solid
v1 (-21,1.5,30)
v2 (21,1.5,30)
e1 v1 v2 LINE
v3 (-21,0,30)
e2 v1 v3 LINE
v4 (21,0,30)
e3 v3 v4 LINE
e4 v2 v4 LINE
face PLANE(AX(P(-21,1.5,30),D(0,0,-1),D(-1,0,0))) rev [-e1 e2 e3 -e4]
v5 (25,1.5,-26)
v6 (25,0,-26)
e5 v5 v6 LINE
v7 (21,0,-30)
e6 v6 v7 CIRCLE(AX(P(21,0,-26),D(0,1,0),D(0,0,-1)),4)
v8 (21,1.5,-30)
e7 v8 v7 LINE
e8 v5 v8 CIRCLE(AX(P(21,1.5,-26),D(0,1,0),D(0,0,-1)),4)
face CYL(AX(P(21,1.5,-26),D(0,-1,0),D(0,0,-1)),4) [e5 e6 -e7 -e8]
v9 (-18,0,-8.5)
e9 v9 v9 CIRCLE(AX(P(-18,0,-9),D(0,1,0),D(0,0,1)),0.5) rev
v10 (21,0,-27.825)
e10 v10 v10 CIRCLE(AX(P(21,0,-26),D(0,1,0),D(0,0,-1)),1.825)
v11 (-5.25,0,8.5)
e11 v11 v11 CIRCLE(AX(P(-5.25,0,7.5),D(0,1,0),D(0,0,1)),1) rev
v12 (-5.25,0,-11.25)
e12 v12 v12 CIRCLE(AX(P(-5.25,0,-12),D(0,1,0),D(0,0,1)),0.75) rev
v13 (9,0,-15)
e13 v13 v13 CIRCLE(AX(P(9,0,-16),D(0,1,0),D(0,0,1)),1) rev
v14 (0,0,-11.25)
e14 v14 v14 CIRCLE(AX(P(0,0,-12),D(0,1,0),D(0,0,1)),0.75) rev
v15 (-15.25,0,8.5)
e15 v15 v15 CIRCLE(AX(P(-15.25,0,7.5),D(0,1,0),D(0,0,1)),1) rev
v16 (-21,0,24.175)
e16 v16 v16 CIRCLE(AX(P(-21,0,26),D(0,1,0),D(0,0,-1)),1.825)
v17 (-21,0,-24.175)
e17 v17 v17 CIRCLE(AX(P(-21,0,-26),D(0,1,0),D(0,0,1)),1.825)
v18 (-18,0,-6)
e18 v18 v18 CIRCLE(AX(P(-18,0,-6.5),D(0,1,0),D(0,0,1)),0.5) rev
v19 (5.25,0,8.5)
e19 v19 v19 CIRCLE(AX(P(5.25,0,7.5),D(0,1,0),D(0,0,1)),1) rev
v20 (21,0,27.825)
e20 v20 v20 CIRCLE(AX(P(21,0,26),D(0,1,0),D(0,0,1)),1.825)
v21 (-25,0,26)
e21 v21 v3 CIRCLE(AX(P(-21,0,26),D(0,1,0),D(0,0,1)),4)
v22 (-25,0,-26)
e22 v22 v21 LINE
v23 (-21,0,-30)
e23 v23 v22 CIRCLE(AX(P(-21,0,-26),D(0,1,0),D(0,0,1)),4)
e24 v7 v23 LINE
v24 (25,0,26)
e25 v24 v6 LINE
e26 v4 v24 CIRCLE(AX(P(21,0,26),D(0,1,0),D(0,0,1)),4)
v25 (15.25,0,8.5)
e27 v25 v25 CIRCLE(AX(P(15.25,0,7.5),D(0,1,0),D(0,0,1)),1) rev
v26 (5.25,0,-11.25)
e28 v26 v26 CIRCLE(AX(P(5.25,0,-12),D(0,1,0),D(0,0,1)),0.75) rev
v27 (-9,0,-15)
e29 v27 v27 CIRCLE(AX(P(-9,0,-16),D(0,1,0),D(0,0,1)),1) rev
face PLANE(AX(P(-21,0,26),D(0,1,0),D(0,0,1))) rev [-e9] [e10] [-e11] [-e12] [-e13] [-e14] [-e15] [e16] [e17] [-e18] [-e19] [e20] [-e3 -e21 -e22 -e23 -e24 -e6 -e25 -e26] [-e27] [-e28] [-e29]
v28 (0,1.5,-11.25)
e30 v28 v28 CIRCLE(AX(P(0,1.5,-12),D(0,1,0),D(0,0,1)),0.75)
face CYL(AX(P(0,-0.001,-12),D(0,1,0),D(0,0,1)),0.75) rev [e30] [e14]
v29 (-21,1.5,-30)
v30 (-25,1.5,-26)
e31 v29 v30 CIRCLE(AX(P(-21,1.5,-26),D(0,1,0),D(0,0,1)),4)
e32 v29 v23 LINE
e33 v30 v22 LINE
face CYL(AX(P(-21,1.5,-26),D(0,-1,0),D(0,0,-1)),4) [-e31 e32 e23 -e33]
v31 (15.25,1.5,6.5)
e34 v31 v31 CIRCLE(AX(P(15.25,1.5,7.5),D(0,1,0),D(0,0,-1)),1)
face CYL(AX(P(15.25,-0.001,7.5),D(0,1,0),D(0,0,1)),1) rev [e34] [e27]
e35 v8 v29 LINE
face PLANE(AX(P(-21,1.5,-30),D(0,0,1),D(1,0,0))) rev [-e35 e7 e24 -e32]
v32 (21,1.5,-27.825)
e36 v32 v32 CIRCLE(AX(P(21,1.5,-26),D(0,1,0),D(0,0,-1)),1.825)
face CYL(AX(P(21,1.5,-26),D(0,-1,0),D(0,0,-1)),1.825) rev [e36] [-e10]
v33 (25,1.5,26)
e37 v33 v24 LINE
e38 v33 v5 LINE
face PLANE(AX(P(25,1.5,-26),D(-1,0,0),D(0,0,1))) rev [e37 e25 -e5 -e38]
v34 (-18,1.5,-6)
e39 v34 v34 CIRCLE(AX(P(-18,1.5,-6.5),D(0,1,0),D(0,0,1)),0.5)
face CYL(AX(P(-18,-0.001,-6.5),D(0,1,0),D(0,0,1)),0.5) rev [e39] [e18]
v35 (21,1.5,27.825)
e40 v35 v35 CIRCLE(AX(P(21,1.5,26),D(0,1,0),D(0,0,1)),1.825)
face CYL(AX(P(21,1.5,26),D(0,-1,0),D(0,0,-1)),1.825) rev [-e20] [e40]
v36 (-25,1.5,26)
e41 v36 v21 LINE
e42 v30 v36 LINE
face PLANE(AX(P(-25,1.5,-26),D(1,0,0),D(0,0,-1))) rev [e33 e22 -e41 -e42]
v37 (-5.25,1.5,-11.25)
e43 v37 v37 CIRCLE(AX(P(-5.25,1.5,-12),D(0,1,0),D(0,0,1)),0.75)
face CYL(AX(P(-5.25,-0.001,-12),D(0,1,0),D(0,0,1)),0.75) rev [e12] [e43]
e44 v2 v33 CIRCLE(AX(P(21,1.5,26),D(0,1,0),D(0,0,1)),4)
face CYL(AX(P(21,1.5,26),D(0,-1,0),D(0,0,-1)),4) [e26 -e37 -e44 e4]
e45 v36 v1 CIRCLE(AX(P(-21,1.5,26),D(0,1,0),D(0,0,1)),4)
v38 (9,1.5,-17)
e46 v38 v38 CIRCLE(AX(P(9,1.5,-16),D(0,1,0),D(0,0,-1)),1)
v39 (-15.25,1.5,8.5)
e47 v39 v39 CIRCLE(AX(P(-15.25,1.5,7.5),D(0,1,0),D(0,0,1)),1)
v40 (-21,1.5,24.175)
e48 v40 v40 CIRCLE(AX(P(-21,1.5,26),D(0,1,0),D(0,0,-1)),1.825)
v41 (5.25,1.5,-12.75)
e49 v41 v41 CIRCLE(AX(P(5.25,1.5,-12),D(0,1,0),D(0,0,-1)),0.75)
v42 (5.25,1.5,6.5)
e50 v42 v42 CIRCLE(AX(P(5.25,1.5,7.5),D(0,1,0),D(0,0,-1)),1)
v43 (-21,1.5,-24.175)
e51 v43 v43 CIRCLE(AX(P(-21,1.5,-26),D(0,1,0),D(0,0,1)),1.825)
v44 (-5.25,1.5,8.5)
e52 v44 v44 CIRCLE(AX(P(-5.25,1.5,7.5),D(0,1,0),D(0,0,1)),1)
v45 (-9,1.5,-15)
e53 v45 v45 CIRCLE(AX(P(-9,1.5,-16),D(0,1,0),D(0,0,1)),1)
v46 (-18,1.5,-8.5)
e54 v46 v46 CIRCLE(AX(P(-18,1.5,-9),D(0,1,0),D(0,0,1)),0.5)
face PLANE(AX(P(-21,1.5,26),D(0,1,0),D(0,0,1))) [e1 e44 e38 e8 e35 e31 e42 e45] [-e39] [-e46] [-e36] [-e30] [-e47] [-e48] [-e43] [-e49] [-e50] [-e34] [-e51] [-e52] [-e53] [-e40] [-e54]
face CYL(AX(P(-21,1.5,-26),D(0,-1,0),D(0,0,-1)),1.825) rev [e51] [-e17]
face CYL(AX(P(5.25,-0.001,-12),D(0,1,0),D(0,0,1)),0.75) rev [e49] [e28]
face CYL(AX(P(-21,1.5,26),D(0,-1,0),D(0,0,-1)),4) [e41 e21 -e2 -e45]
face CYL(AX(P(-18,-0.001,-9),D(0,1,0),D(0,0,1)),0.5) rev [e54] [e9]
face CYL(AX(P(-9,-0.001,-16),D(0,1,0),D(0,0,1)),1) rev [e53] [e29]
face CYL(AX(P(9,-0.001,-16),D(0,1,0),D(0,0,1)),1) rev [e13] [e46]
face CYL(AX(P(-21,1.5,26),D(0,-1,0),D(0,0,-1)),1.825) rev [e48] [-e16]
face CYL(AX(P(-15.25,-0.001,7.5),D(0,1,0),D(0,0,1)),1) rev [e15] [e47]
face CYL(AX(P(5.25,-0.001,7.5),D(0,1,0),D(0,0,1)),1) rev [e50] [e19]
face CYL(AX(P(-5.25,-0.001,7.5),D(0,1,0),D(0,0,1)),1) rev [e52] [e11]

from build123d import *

# Parameters (mm, degrees)
SKETCH1_R           = 1.825
BOSS_EXTRUDE1_DEPTH = 1.5
CUT_EXTRUDE1_REACH  = 41.08
SKETCH2_R           = 1
SKETCH2_R_2         = 0.75
SKETCH2_R_3         = 0.5


with BuildPart() as part:
    # Sketch1 → Boss-Extrude1 (new body)
    with BuildSketch(Plane(origin=(0, 0, 0), x_dir=(1, 0, 0), z_dir=(0, 1, 0))):
        with BuildLine():
            Line((-21, 30), (21, 30))
            ThreePointArc((21, 30), (23.828427125, 28.828427125), (25, 26))
            Line((25, 26), (25, -26))
            ThreePointArc((25, -26), (23.828427125, -28.828427125), (21, -30))
            Line((21, -30), (-21, -30))
            ThreePointArc((-21, -30), (-23.828427125, -28.828427125), (-25, -26))
            Line((-25, -26), (-25, 26))
            ThreePointArc((-25, 26), (-23.828427125, 28.828427125), (-21, 30))
        make_face()
        with Locations(Location((-21, 26, 0), (0, 0, 270))):
            Circle(SKETCH1_R, mode=Mode.SUBTRACT)
        with Locations(Location((21, 26, 0), (0, 0, 90))):
            Circle(SKETCH1_R, mode=Mode.SUBTRACT)
        with Locations(Location((21, -26, 0), (0, 0, 270))):
            Circle(SKETCH1_R, mode=Mode.SUBTRACT)
        with Locations(Location((-21, -26, 0), (0, 0, 90))):
            Circle(SKETCH1_R, mode=Mode.SUBTRACT)
    extrude(amount=BOSS_EXTRUDE1_DEPTH)

    # Sketch2 → Cut-Extrude1 (cut, up to next)
    with BuildSketch(Plane(origin=(0, 1.5, 0), x_dir=(1, 0, 0), z_dir=(0, 1, 0)), mode=Mode.PRIVATE) as cut_extrude1_sk1:
        with Locations(Location((-9, 16, 0), (0, 0, 270))):
            Circle(SKETCH2_R)
    cut_extrude1_tool1 = extrude(cut_extrude1_sk1.sketch, amount=-CUT_EXTRUDE1_REACH, mode=Mode.PRIVATE) & part.part
    # Sketch2 → Cut-Extrude1 (cut, up to next)
    with BuildSketch(Plane(origin=(0, 1.5, 0), x_dir=(1, 0, 0), z_dir=(0, 1, 0)), mode=Mode.PRIVATE) as cut_extrude1_sk2:
        with Locations(Location((9, 16, 0), (0, 0, 270))):
            Circle(SKETCH2_R)
    cut_extrude1_tool2 = extrude(cut_extrude1_sk2.sketch, amount=-CUT_EXTRUDE1_REACH, mode=Mode.PRIVATE) & part.part
    # Sketch2 → Cut-Extrude1 (cut, up to next)
    with BuildSketch(Plane(origin=(0, 1.5, 0), x_dir=(1, 0, 0), z_dir=(0, 1, 0)), mode=Mode.PRIVATE) as cut_extrude1_sk3:
        with Locations(Location((-5.25, 12, 0), (0, 0, 270))):
            Circle(SKETCH2_R_2)
    cut_extrude1_tool3 = extrude(cut_extrude1_sk3.sketch, amount=-CUT_EXTRUDE1_REACH, mode=Mode.PRIVATE) & part.part
    # Sketch2 → Cut-Extrude1 (cut, up to next)
    with BuildSketch(Plane(origin=(0, 1.5, 0), x_dir=(1, 0, 0), z_dir=(0, 1, 0)), mode=Mode.PRIVATE) as cut_extrude1_sk4:
        with Locations(Location((0, 12, 0), (0, 0, 270))):
            Circle(SKETCH2_R_2)
    cut_extrude1_tool4 = extrude(cut_extrude1_sk4.sketch, amount=-CUT_EXTRUDE1_REACH, mode=Mode.PRIVATE) & part.part
    # Sketch2 → Cut-Extrude1 (cut, up to next)
    with BuildSketch(Plane(origin=(0, 1.5, 0), x_dir=(1, 0, 0), z_dir=(0, 1, 0)), mode=Mode.PRIVATE) as cut_extrude1_sk5:
        with Locations(Location((5.25, 12, 0), (0, 0, 270))):
            Circle(SKETCH2_R_2)
    cut_extrude1_tool5 = extrude(cut_extrude1_sk5.sketch, amount=-CUT_EXTRUDE1_REACH, mode=Mode.PRIVATE) & part.part
    # Sketch2 → Cut-Extrude1 (cut, up to next)
    with BuildSketch(Plane(origin=(0, 1.5, 0), x_dir=(1, 0, 0), z_dir=(0, 1, 0)), mode=Mode.PRIVATE) as cut_extrude1_sk6:
        with Locations(Location((-15.25, -7.5, 0), (0, 0, 270))):
            Circle(SKETCH2_R)
    cut_extrude1_tool6 = extrude(cut_extrude1_sk6.sketch, amount=-CUT_EXTRUDE1_REACH, mode=Mode.PRIVATE) & part.part
    # Sketch2 → Cut-Extrude1 (cut, up to next)
    with BuildSketch(Plane(origin=(0, 1.5, 0), x_dir=(1, 0, 0), z_dir=(0, 1, 0)), mode=Mode.PRIVATE) as cut_extrude1_sk7:
        with Locations(Location((-5.25, -7.5, 0), (0, 0, 270))):
            Circle(SKETCH2_R)
    cut_extrude1_tool7 = extrude(cut_extrude1_sk7.sketch, amount=-CUT_EXTRUDE1_REACH, mode=Mode.PRIVATE) & part.part
    # Sketch2 → Cut-Extrude1 (cut, up to next)
    with BuildSketch(Plane(origin=(0, 1.5, 0), x_dir=(1, 0, 0), z_dir=(0, 1, 0)), mode=Mode.PRIVATE) as cut_extrude1_sk8:
        with Locations(Location((5.25, -7.5, 0), (0, 0, 270))):
            Circle(SKETCH2_R)
    cut_extrude1_tool8 = extrude(cut_extrude1_sk8.sketch, amount=-CUT_EXTRUDE1_REACH, mode=Mode.PRIVATE) & part.part
    # Sketch2 → Cut-Extrude1 (cut, up to next)
    with BuildSketch(Plane(origin=(0, 1.5, 0), x_dir=(1, 0, 0), z_dir=(0, 1, 0)), mode=Mode.PRIVATE) as cut_extrude1_sk9:
        with Locations(Location((15.25, -7.5, 0), (0, 0, 270))):
            Circle(SKETCH2_R)
    cut_extrude1_tool9 = extrude(cut_extrude1_sk9.sketch, amount=-CUT_EXTRUDE1_REACH, mode=Mode.PRIVATE) & part.part
    # Sketch2 → Cut-Extrude1 (cut, up to next)
    with BuildSketch(Plane(origin=(0, 1.5, 0), x_dir=(1, 0, 0), z_dir=(0, 1, 0)), mode=Mode.PRIVATE) as cut_extrude1_sk10:
        with Locations(Location((-18, 9, 0), (0, 0, 270))):
            Circle(SKETCH2_R_3)
    cut_extrude1_tool10 = extrude(cut_extrude1_sk10.sketch, amount=-CUT_EXTRUDE1_REACH, mode=Mode.PRIVATE) & part.part
    # Sketch2 → Cut-Extrude1 (cut, up to next)
    with BuildSketch(Plane(origin=(0, 1.5, 0), x_dir=(1, 0, 0), z_dir=(0, 1, 0)), mode=Mode.PRIVATE) as cut_extrude1_sk11:
        with Locations(Location((-18, 6.5, 0), (0, 0, 270))):
            Circle(SKETCH2_R_3)
    cut_extrude1_tool11 = extrude(cut_extrude1_sk11.sketch, amount=-CUT_EXTRUDE1_REACH, mode=Mode.PRIVATE) & part.part
    add(cut_extrude1_tool1.solids().sort_by_distance((-9, 1.5, -16))[0], mode=Mode.SUBTRACT)
    add(cut_extrude1_tool2.solids().sort_by_distance((9, 1.5, -16))[0], mode=Mode.SUBTRACT)
    add(cut_extrude1_tool3.solids().sort_by_distance((-5.25, 1.5, -12))[0], mode=Mode.SUBTRACT)
    add(cut_extrude1_tool4.solids().sort_by_distance((0, 1.5, -12))[0], mode=Mode.SUBTRACT)
    add(cut_extrude1_tool5.solids().sort_by_distance((5.25, 1.5, -12))[0], mode=Mode.SUBTRACT)
    add(cut_extrude1_tool6.solids().sort_by_distance((-15.25, 1.5, 7.5))[0], mode=Mode.SUBTRACT)
    add(cut_extrude1_tool7.solids().sort_by_distance((-5.25, 1.5, 7.5))[0], mode=Mode.SUBTRACT)
    add(cut_extrude1_tool8.solids().sort_by_distance((5.25, 1.5, 7.5))[0], mode=Mode.SUBTRACT)
    add(cut_extrude1_tool9.solids().sort_by_distance((15.25, 1.5, 7.5))[0], mode=Mode.SUBTRACT)
    add(cut_extrude1_tool10.solids().sort_by_distance((-18, 1.5, -9))[0], mode=Mode.SUBTRACT)
    add(cut_extrude1_tool11.solids().sort_by_distance((-18, 1.5, -6.5))[0], mode=Mode.SUBTRACT)


solid = part.part
